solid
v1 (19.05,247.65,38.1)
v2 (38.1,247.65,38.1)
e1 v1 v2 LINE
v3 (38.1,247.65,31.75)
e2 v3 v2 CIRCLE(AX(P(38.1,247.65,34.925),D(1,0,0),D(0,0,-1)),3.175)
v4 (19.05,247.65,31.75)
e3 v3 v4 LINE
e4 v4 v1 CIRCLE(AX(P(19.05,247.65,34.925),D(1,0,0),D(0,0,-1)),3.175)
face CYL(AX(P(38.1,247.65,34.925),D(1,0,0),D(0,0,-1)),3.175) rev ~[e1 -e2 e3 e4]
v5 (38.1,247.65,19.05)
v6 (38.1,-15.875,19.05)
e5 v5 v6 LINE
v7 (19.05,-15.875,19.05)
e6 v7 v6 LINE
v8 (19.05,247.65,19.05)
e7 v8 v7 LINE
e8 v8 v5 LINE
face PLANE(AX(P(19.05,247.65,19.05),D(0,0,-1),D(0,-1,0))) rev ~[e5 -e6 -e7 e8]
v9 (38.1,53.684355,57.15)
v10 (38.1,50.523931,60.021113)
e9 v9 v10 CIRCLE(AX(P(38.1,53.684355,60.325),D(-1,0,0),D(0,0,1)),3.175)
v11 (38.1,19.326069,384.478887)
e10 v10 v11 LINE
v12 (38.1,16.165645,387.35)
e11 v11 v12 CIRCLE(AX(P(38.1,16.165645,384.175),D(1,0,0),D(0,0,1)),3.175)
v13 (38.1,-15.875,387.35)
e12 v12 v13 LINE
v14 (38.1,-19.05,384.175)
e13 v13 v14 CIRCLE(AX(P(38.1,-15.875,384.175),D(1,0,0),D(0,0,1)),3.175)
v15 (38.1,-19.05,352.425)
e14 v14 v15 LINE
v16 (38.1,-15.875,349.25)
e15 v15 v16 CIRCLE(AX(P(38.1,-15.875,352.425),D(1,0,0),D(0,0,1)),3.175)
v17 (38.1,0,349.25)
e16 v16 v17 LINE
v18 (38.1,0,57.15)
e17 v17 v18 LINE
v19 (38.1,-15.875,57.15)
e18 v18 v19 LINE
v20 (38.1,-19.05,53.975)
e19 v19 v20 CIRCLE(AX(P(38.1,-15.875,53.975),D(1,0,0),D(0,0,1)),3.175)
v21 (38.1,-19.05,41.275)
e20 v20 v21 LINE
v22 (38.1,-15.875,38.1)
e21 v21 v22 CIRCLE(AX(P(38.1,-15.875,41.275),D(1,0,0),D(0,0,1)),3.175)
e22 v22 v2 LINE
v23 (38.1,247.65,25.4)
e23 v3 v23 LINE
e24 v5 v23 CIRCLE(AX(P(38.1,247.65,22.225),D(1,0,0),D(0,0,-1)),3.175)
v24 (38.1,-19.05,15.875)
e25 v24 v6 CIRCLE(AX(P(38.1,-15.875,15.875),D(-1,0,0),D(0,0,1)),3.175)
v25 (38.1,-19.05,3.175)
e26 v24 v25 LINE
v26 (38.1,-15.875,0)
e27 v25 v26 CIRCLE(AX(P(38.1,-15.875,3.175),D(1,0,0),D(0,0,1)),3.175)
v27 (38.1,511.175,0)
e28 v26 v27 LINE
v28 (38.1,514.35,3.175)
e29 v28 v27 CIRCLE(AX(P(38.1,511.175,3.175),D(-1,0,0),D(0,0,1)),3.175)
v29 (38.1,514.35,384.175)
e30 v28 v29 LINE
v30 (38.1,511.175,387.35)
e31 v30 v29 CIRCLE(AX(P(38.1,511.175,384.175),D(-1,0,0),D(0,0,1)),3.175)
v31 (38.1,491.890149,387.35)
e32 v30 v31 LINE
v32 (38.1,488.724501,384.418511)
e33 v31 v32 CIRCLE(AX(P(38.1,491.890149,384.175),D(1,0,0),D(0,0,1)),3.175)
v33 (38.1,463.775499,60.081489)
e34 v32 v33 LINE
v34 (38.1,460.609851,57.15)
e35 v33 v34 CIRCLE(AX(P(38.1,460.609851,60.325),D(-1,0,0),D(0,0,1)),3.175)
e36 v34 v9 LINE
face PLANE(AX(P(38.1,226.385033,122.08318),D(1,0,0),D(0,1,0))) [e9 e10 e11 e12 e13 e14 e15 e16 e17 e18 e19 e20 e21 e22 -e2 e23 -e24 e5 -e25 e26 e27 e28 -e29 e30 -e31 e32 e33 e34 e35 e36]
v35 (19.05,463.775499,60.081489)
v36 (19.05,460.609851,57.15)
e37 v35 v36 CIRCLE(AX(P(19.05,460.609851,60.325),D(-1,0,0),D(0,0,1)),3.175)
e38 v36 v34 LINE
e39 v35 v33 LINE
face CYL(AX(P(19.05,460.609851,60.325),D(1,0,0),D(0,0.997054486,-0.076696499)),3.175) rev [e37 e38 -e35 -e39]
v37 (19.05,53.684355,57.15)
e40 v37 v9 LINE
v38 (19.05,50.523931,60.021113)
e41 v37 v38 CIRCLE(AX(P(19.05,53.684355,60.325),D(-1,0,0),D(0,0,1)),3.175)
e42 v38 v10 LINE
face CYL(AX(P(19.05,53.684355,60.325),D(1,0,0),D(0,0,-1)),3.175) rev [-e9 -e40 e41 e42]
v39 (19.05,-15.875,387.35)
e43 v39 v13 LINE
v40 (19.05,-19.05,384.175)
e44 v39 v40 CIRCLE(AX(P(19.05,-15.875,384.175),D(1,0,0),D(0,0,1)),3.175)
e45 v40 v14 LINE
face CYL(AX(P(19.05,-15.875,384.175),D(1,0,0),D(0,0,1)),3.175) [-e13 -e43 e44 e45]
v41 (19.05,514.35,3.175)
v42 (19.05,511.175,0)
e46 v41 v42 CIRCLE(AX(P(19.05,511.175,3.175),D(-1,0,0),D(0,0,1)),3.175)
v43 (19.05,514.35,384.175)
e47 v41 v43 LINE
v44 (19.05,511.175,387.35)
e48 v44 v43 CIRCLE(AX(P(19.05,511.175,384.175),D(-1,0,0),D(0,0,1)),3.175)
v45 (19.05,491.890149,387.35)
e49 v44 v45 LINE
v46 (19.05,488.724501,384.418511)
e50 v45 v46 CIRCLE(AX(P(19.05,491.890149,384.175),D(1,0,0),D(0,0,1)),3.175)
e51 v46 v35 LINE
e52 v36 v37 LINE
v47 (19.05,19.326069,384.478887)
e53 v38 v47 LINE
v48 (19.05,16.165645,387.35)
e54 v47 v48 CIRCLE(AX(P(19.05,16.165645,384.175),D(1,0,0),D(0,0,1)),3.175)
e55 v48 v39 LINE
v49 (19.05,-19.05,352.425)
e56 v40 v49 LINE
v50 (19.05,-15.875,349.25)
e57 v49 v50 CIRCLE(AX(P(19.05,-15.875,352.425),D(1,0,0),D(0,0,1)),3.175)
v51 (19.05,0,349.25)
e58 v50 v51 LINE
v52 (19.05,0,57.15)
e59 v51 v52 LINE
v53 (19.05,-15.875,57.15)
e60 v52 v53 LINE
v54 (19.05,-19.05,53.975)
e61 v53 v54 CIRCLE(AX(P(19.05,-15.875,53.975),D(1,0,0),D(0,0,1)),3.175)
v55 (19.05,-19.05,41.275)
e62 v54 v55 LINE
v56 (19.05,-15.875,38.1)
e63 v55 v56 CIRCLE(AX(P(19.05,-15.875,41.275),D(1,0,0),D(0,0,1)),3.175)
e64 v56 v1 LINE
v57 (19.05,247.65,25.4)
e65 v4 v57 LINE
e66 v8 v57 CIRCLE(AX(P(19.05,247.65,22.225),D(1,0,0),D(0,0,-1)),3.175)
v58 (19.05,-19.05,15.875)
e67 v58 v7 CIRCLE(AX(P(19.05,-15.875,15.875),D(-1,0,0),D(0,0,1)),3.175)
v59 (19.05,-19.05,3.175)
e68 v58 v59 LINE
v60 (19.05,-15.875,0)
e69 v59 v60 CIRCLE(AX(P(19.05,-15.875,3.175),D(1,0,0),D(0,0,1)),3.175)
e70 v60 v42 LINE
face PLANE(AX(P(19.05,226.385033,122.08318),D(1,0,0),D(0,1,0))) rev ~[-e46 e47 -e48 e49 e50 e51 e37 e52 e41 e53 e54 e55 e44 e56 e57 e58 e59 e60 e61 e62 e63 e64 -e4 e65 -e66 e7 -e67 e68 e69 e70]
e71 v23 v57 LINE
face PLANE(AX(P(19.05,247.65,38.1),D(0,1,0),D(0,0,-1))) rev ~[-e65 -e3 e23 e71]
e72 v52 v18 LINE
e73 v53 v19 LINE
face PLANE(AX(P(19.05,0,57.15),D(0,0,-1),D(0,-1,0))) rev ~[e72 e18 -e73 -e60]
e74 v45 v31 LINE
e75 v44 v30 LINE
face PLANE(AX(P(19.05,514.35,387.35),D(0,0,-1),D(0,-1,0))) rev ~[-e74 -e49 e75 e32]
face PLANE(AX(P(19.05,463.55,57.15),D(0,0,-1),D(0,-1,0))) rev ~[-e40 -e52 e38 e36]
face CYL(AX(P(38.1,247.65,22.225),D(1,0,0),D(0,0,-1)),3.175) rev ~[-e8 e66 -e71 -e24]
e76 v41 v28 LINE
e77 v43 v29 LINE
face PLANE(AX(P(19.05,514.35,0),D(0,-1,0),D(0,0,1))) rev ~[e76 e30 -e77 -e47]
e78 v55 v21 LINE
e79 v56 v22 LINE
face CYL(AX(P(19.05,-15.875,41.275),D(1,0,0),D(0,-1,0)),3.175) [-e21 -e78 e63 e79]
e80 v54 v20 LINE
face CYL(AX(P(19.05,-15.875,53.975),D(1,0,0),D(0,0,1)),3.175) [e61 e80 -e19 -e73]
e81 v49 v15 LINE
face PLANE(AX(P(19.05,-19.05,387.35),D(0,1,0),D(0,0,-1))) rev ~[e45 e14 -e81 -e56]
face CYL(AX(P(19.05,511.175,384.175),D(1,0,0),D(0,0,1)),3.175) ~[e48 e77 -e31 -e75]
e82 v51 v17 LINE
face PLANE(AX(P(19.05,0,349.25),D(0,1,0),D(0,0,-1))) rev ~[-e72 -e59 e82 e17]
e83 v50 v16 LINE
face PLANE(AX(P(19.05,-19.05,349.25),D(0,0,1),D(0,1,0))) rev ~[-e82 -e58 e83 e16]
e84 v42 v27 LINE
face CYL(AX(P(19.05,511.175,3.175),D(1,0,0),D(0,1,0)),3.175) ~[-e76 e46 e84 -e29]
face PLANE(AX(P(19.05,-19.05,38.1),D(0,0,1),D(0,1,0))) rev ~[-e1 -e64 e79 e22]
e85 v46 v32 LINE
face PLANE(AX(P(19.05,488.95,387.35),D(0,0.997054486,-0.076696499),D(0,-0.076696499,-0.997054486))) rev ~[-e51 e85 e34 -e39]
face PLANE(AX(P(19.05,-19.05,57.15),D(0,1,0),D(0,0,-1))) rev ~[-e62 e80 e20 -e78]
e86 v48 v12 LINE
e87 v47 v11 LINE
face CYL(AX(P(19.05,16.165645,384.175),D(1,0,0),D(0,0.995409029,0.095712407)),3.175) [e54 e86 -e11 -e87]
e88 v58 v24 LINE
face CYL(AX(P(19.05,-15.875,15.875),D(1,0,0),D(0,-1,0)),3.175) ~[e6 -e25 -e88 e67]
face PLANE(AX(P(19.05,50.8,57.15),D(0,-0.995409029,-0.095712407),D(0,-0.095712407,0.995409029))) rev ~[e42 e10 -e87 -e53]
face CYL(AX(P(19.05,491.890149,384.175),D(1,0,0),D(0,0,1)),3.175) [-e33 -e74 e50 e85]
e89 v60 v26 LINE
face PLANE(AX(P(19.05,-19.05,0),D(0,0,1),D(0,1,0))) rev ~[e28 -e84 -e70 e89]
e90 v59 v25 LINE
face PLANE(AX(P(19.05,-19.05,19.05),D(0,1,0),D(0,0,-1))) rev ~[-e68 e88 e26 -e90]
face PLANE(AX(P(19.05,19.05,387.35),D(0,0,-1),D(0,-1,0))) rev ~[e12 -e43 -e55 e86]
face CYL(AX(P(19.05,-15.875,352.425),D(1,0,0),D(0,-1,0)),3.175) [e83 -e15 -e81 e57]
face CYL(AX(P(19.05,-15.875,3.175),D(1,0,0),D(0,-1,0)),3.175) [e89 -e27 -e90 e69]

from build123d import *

# Parameters (mm, degrees)
F2_DEPTH = 19.05
F3_R     = 3.175
F5_DEPTH = 19.05
F6_R     = 3.175


with BuildPart() as f2:
    # F1 (on offset) → F2 (new body)
    with BuildSketch(Plane.YZ.offset(19.05)):
        Polygon((-19.05, 19.05), (-19.05, 0), (514.35, 0), (514.35, 387.35), (488.95, 387.35), (463.55, 57.15), (50.8, 57.15), (19.05, 387.35), (-19.05, 387.35), (-19.05, 349.25), (0, 349.25), (0, 57.15), (-19.05, 57.15), (-19.05, 38.1), (247.65, 38.1), (247.65, 19.05), align=None)
    extrude(amount=F2_DEPTH)

    # F3
    f3_edges = [f2.edges().sort_by_distance(p)[0] for p in [
        (28.575, -19.05, 0),
        (28.575, -19.05, 19.05),
        (28.575, -19.05, 38.1),
        (28.575, -19.05, 57.15),
        (28.575, -19.05, 349.25),
        (28.575, -19.05, 387.35),
        (28.575, 19.05, 387.35),
        (28.575, 50.8, 57.15),
        (28.575, 463.55, 57.15),
        (28.575, 488.95, 387.35),
    ]]
    fillet(f3_edges, radius=F3_R)

    # F4 (on face) → F5 (cut)
    with BuildSketch(Plane.YZ.offset(38.1)):
        with BuildLine():
            Line((247.65, 25.4), (247.65, 19.05))
            ThreePointArc((247.65, 19.05), (250.825, 22.225), (247.65, 25.4))
        make_face()
        with BuildLine():
            ThreePointArc((247.65, 31.75), (250.825, 34.925), (247.65, 38.1))
            Line((247.65, 38.1), (247.65, 31.75))
        make_face()
    extrude(amount=-F5_DEPTH, mode=Mode.SUBTRACT)

    # F6
    f6_edges = [f2.edges().sort_by_distance(p)[0] for p in [
        (28.575, 514.35, 0),
        (28.575, 514.35, 387.35),
    ]]
    fillet(f6_edges, radius=F6_R)


solid = f2.part
